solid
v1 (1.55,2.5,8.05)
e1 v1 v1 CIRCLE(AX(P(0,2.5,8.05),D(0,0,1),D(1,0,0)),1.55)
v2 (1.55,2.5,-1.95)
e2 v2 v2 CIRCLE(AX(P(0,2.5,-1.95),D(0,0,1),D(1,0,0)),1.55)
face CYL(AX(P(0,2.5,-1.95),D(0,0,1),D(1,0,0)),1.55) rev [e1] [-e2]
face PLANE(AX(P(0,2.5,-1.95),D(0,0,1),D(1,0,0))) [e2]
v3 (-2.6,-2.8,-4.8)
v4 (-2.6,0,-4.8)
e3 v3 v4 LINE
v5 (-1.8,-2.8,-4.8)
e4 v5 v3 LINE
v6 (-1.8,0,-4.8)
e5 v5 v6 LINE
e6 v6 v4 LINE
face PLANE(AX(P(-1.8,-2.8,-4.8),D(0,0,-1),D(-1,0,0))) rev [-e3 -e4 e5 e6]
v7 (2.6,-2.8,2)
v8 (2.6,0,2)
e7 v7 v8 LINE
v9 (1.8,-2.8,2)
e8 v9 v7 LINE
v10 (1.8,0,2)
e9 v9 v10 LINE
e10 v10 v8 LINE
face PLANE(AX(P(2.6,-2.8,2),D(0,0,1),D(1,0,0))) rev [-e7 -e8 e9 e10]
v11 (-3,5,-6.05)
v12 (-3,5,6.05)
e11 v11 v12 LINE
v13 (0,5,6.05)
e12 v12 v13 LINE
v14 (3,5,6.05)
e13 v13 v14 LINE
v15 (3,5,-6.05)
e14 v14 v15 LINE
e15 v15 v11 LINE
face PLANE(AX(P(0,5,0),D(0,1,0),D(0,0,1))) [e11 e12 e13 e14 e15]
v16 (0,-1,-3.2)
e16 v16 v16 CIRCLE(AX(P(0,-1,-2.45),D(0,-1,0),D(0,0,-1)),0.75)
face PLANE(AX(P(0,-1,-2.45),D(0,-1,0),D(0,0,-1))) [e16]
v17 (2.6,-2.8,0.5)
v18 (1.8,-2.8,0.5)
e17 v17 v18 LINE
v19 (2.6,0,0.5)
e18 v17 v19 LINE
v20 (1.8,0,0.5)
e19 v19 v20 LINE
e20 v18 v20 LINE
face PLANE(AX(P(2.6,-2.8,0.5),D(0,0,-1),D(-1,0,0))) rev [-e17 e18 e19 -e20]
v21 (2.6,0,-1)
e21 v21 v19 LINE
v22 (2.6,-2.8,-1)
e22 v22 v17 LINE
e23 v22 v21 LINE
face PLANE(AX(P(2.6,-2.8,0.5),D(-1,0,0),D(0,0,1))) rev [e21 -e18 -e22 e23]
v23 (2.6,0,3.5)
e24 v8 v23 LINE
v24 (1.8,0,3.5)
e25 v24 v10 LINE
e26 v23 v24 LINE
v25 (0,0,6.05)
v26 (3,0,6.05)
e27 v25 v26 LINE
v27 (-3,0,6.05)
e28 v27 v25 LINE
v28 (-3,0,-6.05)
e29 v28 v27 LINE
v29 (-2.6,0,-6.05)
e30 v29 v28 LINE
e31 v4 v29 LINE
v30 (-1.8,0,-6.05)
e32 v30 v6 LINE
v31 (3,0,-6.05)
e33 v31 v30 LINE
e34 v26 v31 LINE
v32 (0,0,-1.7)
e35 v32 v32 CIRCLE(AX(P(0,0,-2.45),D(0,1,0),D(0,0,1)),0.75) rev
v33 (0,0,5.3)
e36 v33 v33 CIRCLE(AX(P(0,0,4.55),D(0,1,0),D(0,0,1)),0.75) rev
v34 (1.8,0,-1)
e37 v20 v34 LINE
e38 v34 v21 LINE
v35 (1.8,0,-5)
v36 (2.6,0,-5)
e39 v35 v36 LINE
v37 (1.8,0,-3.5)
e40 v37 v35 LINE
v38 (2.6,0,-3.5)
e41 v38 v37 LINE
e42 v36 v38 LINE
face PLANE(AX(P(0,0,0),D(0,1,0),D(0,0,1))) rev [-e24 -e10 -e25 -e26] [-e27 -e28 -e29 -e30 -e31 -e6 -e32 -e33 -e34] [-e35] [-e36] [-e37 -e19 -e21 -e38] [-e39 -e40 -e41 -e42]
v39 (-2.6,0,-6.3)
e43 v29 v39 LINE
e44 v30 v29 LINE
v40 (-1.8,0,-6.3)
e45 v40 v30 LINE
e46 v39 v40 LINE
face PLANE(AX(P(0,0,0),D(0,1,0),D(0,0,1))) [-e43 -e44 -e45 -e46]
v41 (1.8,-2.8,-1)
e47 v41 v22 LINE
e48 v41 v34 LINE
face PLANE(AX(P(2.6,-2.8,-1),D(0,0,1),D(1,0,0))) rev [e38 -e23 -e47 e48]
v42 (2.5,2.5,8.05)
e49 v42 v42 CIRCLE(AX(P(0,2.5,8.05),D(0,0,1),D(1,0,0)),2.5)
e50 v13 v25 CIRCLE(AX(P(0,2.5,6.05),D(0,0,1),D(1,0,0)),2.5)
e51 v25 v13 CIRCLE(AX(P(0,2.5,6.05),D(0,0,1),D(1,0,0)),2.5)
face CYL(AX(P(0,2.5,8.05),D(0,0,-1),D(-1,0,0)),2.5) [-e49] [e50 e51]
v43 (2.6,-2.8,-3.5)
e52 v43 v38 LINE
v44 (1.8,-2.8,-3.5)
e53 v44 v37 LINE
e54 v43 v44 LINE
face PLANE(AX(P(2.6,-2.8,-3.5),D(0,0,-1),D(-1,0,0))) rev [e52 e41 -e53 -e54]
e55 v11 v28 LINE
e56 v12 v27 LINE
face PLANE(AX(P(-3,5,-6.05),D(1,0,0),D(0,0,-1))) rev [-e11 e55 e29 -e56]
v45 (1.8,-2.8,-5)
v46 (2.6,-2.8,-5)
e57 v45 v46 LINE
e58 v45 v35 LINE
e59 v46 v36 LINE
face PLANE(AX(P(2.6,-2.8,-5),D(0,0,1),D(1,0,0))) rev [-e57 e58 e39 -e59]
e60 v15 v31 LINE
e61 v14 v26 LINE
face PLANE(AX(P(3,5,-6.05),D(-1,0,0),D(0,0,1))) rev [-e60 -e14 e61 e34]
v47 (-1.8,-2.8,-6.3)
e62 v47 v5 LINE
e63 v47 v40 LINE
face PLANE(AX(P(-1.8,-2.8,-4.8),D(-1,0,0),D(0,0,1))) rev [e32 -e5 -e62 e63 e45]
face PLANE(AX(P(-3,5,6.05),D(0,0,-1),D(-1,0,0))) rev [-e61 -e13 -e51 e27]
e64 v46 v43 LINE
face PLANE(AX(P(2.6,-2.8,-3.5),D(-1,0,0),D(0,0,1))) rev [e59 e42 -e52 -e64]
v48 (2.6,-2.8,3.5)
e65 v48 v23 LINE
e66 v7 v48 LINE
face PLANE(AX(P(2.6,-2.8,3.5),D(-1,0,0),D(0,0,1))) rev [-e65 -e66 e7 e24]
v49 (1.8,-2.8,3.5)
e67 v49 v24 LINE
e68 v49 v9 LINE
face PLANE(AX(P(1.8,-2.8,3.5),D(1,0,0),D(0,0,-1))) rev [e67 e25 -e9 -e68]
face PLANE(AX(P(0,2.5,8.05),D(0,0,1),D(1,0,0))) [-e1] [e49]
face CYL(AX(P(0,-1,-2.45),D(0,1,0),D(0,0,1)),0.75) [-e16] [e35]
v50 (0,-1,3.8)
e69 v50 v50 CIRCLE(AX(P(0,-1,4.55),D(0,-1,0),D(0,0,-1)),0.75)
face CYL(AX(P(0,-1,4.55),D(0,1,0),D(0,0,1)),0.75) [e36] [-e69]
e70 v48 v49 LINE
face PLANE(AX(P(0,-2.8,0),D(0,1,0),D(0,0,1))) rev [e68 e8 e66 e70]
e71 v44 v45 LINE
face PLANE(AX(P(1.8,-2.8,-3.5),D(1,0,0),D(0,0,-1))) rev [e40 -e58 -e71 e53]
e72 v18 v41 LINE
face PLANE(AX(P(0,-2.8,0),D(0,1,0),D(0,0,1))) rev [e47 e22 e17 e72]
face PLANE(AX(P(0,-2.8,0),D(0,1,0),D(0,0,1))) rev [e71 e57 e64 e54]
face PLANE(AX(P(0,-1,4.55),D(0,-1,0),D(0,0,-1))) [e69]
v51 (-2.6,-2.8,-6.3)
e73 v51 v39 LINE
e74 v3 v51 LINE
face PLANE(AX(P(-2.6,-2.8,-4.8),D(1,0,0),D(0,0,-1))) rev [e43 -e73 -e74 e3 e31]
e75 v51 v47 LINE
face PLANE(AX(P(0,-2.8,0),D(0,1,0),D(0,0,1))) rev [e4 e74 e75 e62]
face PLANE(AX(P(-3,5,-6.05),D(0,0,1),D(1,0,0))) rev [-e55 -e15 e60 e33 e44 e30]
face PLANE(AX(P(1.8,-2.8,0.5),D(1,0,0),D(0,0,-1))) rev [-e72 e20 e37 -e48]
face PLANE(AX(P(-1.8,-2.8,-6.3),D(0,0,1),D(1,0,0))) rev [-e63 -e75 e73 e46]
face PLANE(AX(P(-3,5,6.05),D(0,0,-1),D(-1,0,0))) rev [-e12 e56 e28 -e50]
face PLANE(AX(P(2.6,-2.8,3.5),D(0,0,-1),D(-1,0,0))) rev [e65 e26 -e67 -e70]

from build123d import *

# Parameters (mm, degrees)
SKETCH1_W           = 6
SKETCH1_H           = 12.1
BOSS_EXTRUDE1_DEPTH = 5
SKETCH2_R           = 2.5
BOSS_EXTRUDE2_DEPTH = 2
SKETCH4_W           = 0.8
SKETCH4_H           = 1.5
BOSS_EXTRUDE3_DEPTH = 2.8
SKETCH5_R           = 0.75
BOSS_EXTRUDE4_DEPTH = 1
SKETCH6_R           = 1.55
CUT_EXTRUDE1_DEPTH  = 10


with BuildPart() as part:
    # Sketch1 → Boss-Extrude1 (new body)
    with BuildSketch(Plane(origin=(0, 0, 0), x_dir=(1, 0, 0), z_dir=(0, 1, 0))):
        Rectangle(SKETCH1_W, SKETCH1_H)
    extrude(amount=BOSS_EXTRUDE1_DEPTH)

    # Sketch2 → Boss-Extrude2 (add)
    with BuildSketch(Plane.XY.offset(6.05)):
        with Locations(Location((0, 2.5, 0), (0, 0, 270))):
            Circle(SKETCH2_R)
    extrude(amount=BOSS_EXTRUDE2_DEPTH)

    # Sketch4 → Boss-Extrude3 (add)
    with BuildSketch(Plane.XZ):
        with Locations((2.2, 2.75)):
            Rectangle(SKETCH4_W, SKETCH4_H)
        with Locations((2.2, -0.25)):
            Rectangle(SKETCH4_W, SKETCH4_H)
        with Locations((2.2, -4.25)):
            Rectangle(SKETCH4_W, SKETCH4_H)
        with Locations((-2.2, -5.55)):
            Rectangle(SKETCH4_W, SKETCH4_H)
    extrude(amount=BOSS_EXTRUDE3_DEPTH)

    # Sketch5 → Boss-Extrude4 (add)
    with BuildSketch(Plane.XZ):
        with Locations(Location((0, 4.55, 0), (0, 0, 90))):
            Circle(SKETCH5_R)
        with Locations(Location((0, -2.45, 0), (0, 0, 90))):
            Circle(SKETCH5_R)
    extrude(amount=BOSS_EXTRUDE4_DEPTH)

    # Sketch6 → Cut-Extrude1 (cut)
    with BuildSketch(Plane.XY.offset(8.05)):
        with Locations((0, 2.5)):
            Circle(SKETCH6_R)
    extrude(amount=-CUT_EXTRUDE1_DEPTH, mode=Mode.SUBTRACT)


solid = part.part
